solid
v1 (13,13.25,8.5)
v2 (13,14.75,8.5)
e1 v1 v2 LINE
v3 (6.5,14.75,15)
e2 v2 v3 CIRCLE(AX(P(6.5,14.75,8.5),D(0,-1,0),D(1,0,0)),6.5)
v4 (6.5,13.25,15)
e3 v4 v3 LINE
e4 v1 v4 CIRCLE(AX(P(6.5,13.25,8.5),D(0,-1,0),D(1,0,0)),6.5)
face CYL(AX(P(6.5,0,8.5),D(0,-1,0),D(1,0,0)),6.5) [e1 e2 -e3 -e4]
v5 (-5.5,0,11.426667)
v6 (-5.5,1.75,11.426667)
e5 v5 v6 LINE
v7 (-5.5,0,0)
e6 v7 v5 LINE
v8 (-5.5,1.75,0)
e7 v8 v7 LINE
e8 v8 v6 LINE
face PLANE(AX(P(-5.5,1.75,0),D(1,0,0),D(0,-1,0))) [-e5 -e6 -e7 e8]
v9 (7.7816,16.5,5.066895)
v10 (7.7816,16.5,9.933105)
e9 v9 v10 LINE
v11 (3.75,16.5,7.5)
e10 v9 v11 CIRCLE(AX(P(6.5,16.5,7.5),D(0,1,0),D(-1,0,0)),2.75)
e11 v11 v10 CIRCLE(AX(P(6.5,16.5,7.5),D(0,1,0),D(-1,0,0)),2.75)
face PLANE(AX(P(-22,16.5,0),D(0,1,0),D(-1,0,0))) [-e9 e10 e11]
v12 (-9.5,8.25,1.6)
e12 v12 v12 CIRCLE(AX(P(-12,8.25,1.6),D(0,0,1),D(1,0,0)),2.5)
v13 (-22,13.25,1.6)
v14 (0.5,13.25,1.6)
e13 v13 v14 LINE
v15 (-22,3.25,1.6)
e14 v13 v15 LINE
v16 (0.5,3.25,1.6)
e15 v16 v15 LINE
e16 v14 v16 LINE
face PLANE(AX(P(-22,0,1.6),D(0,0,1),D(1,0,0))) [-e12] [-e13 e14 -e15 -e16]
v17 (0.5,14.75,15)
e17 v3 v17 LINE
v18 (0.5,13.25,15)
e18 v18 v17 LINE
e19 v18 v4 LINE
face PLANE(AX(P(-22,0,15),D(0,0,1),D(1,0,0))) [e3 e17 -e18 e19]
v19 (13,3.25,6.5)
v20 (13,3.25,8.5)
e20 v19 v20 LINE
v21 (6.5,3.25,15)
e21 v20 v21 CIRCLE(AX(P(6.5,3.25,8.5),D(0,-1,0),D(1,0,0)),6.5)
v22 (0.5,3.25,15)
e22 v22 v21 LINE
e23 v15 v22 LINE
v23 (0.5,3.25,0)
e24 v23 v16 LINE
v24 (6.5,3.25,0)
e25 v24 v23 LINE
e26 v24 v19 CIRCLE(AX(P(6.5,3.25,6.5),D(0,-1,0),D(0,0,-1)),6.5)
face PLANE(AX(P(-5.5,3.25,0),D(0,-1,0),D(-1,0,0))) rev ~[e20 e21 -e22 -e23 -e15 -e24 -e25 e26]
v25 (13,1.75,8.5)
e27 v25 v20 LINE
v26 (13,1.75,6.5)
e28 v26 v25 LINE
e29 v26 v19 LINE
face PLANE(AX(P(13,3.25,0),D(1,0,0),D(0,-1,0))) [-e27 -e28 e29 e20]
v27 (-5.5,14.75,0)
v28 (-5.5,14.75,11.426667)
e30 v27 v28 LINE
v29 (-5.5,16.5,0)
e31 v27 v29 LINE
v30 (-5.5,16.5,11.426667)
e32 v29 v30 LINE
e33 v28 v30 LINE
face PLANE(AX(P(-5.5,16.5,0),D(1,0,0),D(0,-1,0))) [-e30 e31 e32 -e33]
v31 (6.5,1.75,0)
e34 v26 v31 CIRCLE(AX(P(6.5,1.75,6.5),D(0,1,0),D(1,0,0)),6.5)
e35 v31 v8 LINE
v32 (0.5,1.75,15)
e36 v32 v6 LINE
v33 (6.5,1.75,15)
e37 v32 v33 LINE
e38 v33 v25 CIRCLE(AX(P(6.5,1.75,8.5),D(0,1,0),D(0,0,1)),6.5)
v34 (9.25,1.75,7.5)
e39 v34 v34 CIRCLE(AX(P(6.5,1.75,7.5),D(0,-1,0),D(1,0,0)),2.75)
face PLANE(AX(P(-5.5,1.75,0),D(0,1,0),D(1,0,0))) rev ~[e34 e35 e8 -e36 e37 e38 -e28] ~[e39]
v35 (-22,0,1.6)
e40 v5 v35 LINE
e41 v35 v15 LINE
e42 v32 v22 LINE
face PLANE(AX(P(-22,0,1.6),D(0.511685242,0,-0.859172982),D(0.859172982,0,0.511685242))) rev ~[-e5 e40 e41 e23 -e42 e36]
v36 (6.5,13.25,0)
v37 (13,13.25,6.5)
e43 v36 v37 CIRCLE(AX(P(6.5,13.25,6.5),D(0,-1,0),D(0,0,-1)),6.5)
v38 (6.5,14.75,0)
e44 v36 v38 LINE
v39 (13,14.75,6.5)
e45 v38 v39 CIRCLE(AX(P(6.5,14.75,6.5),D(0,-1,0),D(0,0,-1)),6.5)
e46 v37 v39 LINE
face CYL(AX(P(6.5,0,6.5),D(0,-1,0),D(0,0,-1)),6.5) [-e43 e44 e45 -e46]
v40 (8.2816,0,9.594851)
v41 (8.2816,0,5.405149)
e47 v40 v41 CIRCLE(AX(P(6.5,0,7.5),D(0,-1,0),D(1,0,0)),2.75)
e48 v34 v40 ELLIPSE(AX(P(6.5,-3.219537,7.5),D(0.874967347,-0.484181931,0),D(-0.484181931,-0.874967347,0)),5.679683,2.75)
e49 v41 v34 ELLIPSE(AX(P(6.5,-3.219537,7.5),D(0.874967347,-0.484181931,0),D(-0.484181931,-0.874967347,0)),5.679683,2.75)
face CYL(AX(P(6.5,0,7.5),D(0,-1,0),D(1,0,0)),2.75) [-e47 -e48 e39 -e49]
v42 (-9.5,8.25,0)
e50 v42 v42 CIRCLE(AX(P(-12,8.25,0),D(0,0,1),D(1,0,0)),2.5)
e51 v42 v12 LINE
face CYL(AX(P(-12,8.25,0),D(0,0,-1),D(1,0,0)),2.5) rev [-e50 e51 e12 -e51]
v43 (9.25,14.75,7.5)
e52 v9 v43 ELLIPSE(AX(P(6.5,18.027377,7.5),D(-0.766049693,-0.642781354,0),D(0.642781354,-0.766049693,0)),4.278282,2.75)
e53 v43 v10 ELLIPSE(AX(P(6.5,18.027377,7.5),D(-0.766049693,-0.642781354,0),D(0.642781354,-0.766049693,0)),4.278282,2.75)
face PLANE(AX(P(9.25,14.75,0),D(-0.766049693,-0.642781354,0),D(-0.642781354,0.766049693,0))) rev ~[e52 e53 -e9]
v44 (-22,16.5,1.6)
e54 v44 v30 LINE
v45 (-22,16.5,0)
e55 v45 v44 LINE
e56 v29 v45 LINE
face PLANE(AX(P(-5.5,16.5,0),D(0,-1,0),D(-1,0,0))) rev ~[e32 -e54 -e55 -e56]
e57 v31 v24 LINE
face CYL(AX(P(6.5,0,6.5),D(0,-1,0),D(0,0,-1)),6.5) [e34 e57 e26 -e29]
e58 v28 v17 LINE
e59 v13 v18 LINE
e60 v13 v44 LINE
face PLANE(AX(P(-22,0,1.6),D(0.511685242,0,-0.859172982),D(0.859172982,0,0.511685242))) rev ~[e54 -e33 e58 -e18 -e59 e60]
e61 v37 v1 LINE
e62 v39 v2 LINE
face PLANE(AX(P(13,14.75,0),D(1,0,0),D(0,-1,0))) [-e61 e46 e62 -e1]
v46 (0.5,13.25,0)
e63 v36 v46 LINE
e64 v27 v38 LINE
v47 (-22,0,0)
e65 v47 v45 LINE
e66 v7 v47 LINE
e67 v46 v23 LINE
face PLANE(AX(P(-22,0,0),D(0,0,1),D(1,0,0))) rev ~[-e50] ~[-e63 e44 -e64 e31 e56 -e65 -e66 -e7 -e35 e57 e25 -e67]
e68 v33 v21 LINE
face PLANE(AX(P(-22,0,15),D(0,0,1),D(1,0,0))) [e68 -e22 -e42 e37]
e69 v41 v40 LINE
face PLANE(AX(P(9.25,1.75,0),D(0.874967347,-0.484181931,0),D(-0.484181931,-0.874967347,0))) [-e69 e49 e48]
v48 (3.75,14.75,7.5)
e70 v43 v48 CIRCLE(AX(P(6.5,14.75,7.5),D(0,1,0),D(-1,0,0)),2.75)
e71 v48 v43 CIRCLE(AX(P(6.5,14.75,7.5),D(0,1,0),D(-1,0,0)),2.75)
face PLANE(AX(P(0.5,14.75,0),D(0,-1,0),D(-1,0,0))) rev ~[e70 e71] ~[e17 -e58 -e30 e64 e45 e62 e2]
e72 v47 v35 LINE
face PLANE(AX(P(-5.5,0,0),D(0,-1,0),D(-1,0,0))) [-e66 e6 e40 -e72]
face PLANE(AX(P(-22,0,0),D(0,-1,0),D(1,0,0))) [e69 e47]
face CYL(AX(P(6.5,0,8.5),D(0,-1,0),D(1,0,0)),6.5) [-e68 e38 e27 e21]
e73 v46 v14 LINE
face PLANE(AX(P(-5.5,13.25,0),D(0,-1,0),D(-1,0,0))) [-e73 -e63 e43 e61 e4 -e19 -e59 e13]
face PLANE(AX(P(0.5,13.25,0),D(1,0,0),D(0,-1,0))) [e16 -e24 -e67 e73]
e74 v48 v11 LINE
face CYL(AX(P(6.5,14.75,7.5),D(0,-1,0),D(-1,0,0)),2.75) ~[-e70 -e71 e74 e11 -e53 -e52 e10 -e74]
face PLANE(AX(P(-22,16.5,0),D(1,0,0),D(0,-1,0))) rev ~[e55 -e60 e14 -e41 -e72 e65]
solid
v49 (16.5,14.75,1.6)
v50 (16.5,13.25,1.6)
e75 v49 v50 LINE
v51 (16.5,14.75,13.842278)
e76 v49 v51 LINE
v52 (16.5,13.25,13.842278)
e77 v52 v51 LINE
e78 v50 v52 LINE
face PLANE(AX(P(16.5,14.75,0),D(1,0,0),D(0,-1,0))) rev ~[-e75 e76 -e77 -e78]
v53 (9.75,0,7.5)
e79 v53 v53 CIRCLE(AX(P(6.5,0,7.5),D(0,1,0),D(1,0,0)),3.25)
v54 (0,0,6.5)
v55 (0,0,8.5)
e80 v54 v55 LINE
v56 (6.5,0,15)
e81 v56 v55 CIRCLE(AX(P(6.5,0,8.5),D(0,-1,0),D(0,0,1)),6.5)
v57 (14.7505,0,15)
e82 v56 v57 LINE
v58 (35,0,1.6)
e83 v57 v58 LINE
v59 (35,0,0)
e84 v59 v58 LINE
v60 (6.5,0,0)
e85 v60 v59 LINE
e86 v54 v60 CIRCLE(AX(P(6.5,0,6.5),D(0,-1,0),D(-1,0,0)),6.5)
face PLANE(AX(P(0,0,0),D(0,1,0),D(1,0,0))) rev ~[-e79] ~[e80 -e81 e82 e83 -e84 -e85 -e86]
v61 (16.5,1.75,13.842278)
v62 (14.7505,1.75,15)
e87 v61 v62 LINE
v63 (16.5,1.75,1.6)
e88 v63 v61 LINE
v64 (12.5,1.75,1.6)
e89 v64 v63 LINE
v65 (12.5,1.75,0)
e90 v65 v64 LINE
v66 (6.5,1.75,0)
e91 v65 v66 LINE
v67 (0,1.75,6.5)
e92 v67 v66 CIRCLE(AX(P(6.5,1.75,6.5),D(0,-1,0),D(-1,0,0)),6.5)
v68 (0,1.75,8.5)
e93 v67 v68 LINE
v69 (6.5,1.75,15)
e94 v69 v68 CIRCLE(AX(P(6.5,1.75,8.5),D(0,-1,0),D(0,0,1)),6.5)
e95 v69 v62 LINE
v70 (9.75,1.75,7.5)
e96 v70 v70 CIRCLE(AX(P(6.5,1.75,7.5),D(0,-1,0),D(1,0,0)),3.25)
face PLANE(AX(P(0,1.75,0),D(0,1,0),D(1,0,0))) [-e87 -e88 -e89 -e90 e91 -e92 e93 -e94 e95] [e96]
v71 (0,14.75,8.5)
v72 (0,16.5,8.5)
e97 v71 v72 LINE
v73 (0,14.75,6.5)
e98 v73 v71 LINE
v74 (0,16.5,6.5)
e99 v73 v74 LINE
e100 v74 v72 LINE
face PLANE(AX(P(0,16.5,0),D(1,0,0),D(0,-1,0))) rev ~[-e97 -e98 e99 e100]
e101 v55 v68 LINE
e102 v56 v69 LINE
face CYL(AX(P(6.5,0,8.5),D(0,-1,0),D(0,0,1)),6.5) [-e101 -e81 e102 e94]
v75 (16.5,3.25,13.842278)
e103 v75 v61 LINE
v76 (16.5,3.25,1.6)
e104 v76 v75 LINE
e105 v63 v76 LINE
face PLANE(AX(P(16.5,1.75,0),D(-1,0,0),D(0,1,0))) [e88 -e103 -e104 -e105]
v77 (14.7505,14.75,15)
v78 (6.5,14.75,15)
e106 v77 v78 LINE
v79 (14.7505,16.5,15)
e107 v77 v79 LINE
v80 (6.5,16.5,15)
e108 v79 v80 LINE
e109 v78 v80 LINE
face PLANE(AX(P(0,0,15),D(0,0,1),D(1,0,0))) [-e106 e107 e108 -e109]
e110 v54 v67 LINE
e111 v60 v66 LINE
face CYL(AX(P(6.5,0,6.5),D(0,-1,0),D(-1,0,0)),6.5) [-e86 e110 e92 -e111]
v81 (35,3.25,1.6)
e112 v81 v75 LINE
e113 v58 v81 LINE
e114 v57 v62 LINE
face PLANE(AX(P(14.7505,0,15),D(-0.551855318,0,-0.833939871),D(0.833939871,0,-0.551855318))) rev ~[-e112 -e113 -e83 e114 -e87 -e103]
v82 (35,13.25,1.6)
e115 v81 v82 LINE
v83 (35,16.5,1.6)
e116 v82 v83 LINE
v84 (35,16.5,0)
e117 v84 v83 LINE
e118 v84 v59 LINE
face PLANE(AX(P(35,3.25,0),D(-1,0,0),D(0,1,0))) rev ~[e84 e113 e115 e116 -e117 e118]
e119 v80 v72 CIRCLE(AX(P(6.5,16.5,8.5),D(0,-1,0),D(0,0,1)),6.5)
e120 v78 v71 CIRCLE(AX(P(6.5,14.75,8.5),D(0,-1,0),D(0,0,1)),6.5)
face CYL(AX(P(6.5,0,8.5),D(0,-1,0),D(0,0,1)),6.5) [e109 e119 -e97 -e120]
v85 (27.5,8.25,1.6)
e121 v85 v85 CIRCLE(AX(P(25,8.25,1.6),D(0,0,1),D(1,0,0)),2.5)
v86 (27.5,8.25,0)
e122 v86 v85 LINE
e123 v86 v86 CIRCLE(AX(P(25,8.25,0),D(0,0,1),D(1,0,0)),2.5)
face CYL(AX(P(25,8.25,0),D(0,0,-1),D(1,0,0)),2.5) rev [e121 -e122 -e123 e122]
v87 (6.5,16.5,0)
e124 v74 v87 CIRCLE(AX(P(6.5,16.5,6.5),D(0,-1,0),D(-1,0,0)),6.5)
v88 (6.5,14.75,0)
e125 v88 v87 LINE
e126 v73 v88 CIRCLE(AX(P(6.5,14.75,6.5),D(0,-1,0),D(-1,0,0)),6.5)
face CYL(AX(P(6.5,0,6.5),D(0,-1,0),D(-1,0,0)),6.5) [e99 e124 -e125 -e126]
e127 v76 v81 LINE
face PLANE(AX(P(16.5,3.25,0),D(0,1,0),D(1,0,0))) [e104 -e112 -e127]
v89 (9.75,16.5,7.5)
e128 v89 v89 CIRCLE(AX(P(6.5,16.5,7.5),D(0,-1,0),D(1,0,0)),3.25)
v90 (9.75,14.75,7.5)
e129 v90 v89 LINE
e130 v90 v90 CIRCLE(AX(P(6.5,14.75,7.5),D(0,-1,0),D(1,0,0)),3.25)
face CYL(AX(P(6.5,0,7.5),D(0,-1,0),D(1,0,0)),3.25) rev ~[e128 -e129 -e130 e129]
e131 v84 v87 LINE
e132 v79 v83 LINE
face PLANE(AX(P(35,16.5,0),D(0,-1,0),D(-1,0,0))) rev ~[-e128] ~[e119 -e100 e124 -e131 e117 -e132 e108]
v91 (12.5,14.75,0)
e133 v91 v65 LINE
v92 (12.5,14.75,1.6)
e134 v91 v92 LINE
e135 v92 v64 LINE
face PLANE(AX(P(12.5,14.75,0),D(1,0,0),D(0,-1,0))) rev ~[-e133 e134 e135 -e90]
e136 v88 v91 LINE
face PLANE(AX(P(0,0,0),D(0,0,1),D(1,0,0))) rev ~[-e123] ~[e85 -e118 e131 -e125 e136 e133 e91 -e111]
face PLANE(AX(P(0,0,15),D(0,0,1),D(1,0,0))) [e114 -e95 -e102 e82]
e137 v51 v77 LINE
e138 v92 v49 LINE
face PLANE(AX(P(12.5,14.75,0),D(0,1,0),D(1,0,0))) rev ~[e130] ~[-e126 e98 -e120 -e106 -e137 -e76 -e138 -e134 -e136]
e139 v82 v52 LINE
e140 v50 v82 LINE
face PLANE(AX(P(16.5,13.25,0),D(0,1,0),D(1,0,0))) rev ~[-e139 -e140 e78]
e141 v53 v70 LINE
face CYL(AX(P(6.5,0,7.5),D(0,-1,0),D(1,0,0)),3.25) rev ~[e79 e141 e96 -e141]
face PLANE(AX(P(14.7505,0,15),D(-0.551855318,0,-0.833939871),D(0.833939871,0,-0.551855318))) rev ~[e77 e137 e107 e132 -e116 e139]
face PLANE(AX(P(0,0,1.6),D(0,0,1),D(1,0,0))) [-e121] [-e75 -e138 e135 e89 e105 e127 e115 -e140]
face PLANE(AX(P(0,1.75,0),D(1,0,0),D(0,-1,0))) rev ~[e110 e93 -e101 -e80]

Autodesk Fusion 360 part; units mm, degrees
sketch "Sketch1" plane through (0, 0, 0) normal (0, 0, 1) x (1, 0, 0)
  line L0 (0, 0) -> (35, 0)
  line L1 (35, 0) -> (35, 16.5)
  line L2 (35, 16.5) -> (0, 16.5)
  line L3 (0, 16.5) -> (0, 0)
  line L4 (0, 14.75) -> (16.5, 14.75)
  line L5 (16.5, 14.75) -> (16.5, 13.25)
  line L6 (16.5, 13.25) -> (35, 13.25)
  line L7 (0, 1.75) -> (16.5, 1.75)
  line L8 (16.5, 1.75) -> (16.5, 3.25)
  line L9 (16.5, 3.25) -> (35, 3.25)
  line L10 (6.5, 16.5) -> (6.5, 0) construction
  line L11 (0, 8.25) -> (35, 8.25) construction
  line L12 (16.5, 14.75) -> (16.5, 16.5) construction
  line L13 (16.5, 1.75) -> (16.5, 0) construction
  line L14 (12.5, 14.75) -> (12.5, 1.75)
  circle A0 centre (25, 8.25) radius 2.5
  dimension "d1" = 35
  dimension "d2" = 16.5
  dimension "d3" = 6.5
  dimension "d4" = 10
  dimension "d5" = 10
  dimension "d7" = 13
  dimension "d9" = 10
  dimension "d10" = 6
  dimension "d11" = 5
  dimension "d12" = 10
extrude "Extrude1" add sketch "Sketch1" along normal blind 1.6 contours L1 L4 L5 L6 L7 L8 L9 L14 makes body 1
extrude "Extrude2" add sketch "Sketch1" along normal blind 15 contours L0 L1 L3 L7 L8 L9 | L1 L2 L3 L4 L5 L6 bodies 1
sketch "Sketch2" plane through (0, 0, 0) normal (0, -1, 0) x (1, 0, 0)
  line L0 (0, 0) -> (35, 0)
  line L1 (35, 0) -> (35, 15)
  line L2 (35, 15) -> (0, 15)
  line L3 (0, 15) -> (0, 0)
  line L4 (0, 8.5) -> (0, 6.5)
  arc A0 (0, 6.5) -> (6.5, 0) centre (6.5, 6.5) ccw
  arc A1 (6.5, 15) -> (0, 8.5) centre (6.5, 8.5) ccw
  line L5 (6.5, 15) -> (14.7505, 15)
  line L6 (14.7505, 15) -> (35, 1.6)
  line L7 (35, 1.6) -> (35, 0)
  line L8 (6.5, 0) -> (35, 0)
  line L9 (0, 0) -> (35, 0)
  circle A2 centre (6.5, 7.5) radius 3.25
  line L10 (22.5, 1.6) -> (27.5, 1.6)
  line L11 (16.5, 1.6) -> (12.5, 1.6)
  line L12 (12.5, 1.6) -> (16.5, 1.6)
  line L13 (16.5, 1.6) -> (35, 1.6)
  line L14 (35, 1.6) -> (16.5, 1.6)
  line L15 (6.5, 0) -> (6.5, 15)
  point P0 (6.5, 0)
  dimension "d17" = 6.5
extrude "Extrude3" cut sketch "Sketch2" against normal up to surface (16.5 mm away) contours L0 L3 A0 L9 | A2 L15 | A2 L15 | L2 L3 A1 | L1 L2 L6 bodies 1
copy_body "Body->Comp1" bodies 1 removing the originals makes body 2 in component "end-1"
sketch "Sketch1 (2)" plane through (0, 0, 0) normal (0, 0, 1) x (1, 0, 0) in component "end-2"
  circle A0 centre (10, 8.25) radius 2.5
  line L0 (0, 8.25) -> (35, 8.25) construction
  line L1 (0, 16.5) -> (0, 0)
  line L2 (16.5, 13.25) -> (35, 13.25)
  line L3 (16.5, 14.75) -> (16.5, 16.5) construction
  line L4 (28.5, 14.75) -> (28.5, 1.75) construction
  line L5 (16.5, 1.75) -> (16.5, 0) construction
  line L6 (16.5, 3.25) -> (35, 3.25)
  line L7 (35, 14.75) -> (16.5, 14.75)
  line L8 (16.5, 14.75) -> (16.5, 15.0527)
  line L9 (16.5, 16.5) -> (16.5, 14.75)
  line L10 (16.5, 16.5) -> (0, 16.5)
  line L11 (16.5, 13.25) -> (0, 13.25)
  line L12 (16.5, 3.25) -> (0, 3.25)
  line L13 (16.5, 1.75) -> (35, 1.75)
  line L14 (16.5, 1.75) -> (16.5, 0)
  line L15 (16.5, 0) -> (0, 0)
  line L16 (35, 14.75) -> (35, 13.25)
  line L17 (35, 14.75) -> (35, 3.25)
  line L18 (35, 14.75) -> (35, 1.75)
  line L19 (22.5, 14.75) -> (22.5, 1.75)
  dimension "d21" = 16.5
  dimension "d26" = 10
  dimension "d28" = 5
  dimension "d31" = 10
  dimension "d32" = 6
  dimension "d33" = 6.5
extrude "Extrude1'" add sketch "Sketch1 (2)" along normal blind 1.6 separate body contours L1 L2 L6 L11 L12 L19 makes body 3 in component "end-2"
extrude "Extrude2'" add sketch "Sketch1 (2)" along normal blind 15 contours L1 L2 L7 L8 L9 L10 L11 L19 | L1 L6 L12 L13 L14 L15 L19 | L2 L7 L16 L17 L18 L19 | L6 L13 L18 L19 bodies 3 in component "end-2"
sketch "Sketch2 (2)" plane through (0, 0, 0) normal (0, -1, 0) x (1, 0, 0) in component "end-2"
  line L0 (0, 0) -> (16.5, 0)
  line L1 (16.5, 0) -> (16.5, 15)
  line L2 (16.5, 15) -> (0, 15)
  line L3 (0, 15) -> (0, 0)
  line L4 (16.5, 0) -> (35, 0)
  line L5 (35, 0) -> (35, 15)
  line L6 (35, 15) -> (16.5, 15)
  line L7 (16.5, 15) -> (16.5, 0)
  line L8 (28.5, 0) -> (28.5, 15) construction
  line L9 (0, 1.6) -> (22.5, 15)
  arc A0 (35, 8.5) -> (28.5, 15) centre (28.5, 8.5) ccw
  line L10 (35, 8.5) -> (35, 6.5)
  arc A1 (28.5, 0) -> (35, 6.5) centre (28.5, 6.5) ccw
  line L11 (22.5, 15) -> (28.5, 15)
  line L12 (28.5, 0) -> (0, 0)
  circle A2 centre (28.5, 7.5) radius 2.75
  line L13 (22.5, 0) -> (22.5, 15)
  point P0 (28.5, 0)
  point P1 (0, 1.6)
  point P2 (22.5, 0)
  dimension "d38" = 5.5
extrude "Extrude3'" cut sketch "Sketch2 (2)" against normal up to surface (16.5 mm away) contours L1 L2 L3 L7 L9 | L1 L6 L7 L9 | L4 L5 A1 | L5 L6 A0 bodies 3 in component "end-2"
extrude "Extrude4" add sketch "Sketch2 (2)" against normal up to surface (1.75 mm away) contours A2 bodies 3 in component "end-2"
sketch "Sketch3" plane through (0, 14.75, 0) normal (0, 1, 0) x (-1, 0, 0) in component "end-2"
  line L0 (-16.5, 11.4267) -> (-22.5, 15)
  line L1 (-22.5, 15) -> (-28.5, 15)
  arc A0 (-28.5, 15) -> (-35, 8.5) centre (-28.5, 8.5) ccw
  line L2 (-35, 8.5) -> (-35, 6.5)
  arc A1 (-35, 6.5) -> (-28.5, 0) centre (-28.5, 6.5) ccw
  line L3 (-28.5, 0) -> (-16.5, 0)
  line L4 (-16.5, 0) -> (-16.5, 11.4267)
  circle A2 centre (-28.5, 7.5) radius 2.75
extrude "Extrude5" add sketch "Sketch3" along normal up to surface (1.75 mm away) contours A2 bodies 3 in component "end-2"
sketch "Sketch4" plane through (0, 0, 0) normal (0, 0, -1) x (1, 0, 0) in component "end-2"
  line L0 (28.5, -3.25) -> (28.5, -1.75)
  line L1 (28.5, -1.75) -> (16.5, -1.75)
  line L2 (16.5, -1.75) -> (16.5, 0)
  line L3 (16.5, 0) -> (0, 0)
  line L4 (0, 0) -> (0, -16.5)
  line L5 (0, -16.5) -> (16.5, -16.5)
  line L6 (16.5, -16.5) -> (16.5, -14.75)
  line L7 (16.5, -14.75) -> (28.5, -14.75)
  line L8 (28.5, -14.75) -> (28.5, -13.25)
  line L9 (28.5, -13.25) -> (22.5, -13.25)
  line L10 (22.5, -13.25) -> (22.5, -3.25)
  line L11 (22.5, -3.25) -> (28.5, -3.25)
  circle A0 centre (10, -8.25) radius 2.5
  line L12 (31.25, -16.5) -> (25.75, -16.5)
  line L13 (31.25, -14.75) -> (25.75, -14.75)
  line L14 (31.25, 0) -> (25.75, 0)
  line L15 (25.75, -1.75) -> (31.25, -1.75)
  line L16 (31.25, -14.75) -> (29.7816, -16.5)
  line L17 (31.25, -14.75) -> (34.0632, -14.75) construction
  line L18 (25.75, -16.5) -> (25.75, -14.75)
  line L19 (29.7816, -16.5) -> (31.25, -16.5)
  line L20 (31.25, -14.75) -> (31.25, -16.5)
  line L21 (31.25, -1.75) -> (30.2816, 0)
  line L22 (30.2816, 0) -> (31.25, 0)
  line L23 (31.25, 0) -> (31.25, -1.75)
  dimension "d45" = 130
extrude "Extrude6" cut sketch "Sketch4" against normal up to surface (15 mm away) contours L14 L21 L22 L23 | L12 L16 L19 L20 bodies 3 in component "end-2"
component "end-1" placed x (1, 0, 0) y (0, 1, 0) z (0, 0, 1) at (0, 0, 0)
component "end-2" placed x (1, 0, 0) y (0, 1, 0) z (0, 0, 1) at (-22, 0, 0)
